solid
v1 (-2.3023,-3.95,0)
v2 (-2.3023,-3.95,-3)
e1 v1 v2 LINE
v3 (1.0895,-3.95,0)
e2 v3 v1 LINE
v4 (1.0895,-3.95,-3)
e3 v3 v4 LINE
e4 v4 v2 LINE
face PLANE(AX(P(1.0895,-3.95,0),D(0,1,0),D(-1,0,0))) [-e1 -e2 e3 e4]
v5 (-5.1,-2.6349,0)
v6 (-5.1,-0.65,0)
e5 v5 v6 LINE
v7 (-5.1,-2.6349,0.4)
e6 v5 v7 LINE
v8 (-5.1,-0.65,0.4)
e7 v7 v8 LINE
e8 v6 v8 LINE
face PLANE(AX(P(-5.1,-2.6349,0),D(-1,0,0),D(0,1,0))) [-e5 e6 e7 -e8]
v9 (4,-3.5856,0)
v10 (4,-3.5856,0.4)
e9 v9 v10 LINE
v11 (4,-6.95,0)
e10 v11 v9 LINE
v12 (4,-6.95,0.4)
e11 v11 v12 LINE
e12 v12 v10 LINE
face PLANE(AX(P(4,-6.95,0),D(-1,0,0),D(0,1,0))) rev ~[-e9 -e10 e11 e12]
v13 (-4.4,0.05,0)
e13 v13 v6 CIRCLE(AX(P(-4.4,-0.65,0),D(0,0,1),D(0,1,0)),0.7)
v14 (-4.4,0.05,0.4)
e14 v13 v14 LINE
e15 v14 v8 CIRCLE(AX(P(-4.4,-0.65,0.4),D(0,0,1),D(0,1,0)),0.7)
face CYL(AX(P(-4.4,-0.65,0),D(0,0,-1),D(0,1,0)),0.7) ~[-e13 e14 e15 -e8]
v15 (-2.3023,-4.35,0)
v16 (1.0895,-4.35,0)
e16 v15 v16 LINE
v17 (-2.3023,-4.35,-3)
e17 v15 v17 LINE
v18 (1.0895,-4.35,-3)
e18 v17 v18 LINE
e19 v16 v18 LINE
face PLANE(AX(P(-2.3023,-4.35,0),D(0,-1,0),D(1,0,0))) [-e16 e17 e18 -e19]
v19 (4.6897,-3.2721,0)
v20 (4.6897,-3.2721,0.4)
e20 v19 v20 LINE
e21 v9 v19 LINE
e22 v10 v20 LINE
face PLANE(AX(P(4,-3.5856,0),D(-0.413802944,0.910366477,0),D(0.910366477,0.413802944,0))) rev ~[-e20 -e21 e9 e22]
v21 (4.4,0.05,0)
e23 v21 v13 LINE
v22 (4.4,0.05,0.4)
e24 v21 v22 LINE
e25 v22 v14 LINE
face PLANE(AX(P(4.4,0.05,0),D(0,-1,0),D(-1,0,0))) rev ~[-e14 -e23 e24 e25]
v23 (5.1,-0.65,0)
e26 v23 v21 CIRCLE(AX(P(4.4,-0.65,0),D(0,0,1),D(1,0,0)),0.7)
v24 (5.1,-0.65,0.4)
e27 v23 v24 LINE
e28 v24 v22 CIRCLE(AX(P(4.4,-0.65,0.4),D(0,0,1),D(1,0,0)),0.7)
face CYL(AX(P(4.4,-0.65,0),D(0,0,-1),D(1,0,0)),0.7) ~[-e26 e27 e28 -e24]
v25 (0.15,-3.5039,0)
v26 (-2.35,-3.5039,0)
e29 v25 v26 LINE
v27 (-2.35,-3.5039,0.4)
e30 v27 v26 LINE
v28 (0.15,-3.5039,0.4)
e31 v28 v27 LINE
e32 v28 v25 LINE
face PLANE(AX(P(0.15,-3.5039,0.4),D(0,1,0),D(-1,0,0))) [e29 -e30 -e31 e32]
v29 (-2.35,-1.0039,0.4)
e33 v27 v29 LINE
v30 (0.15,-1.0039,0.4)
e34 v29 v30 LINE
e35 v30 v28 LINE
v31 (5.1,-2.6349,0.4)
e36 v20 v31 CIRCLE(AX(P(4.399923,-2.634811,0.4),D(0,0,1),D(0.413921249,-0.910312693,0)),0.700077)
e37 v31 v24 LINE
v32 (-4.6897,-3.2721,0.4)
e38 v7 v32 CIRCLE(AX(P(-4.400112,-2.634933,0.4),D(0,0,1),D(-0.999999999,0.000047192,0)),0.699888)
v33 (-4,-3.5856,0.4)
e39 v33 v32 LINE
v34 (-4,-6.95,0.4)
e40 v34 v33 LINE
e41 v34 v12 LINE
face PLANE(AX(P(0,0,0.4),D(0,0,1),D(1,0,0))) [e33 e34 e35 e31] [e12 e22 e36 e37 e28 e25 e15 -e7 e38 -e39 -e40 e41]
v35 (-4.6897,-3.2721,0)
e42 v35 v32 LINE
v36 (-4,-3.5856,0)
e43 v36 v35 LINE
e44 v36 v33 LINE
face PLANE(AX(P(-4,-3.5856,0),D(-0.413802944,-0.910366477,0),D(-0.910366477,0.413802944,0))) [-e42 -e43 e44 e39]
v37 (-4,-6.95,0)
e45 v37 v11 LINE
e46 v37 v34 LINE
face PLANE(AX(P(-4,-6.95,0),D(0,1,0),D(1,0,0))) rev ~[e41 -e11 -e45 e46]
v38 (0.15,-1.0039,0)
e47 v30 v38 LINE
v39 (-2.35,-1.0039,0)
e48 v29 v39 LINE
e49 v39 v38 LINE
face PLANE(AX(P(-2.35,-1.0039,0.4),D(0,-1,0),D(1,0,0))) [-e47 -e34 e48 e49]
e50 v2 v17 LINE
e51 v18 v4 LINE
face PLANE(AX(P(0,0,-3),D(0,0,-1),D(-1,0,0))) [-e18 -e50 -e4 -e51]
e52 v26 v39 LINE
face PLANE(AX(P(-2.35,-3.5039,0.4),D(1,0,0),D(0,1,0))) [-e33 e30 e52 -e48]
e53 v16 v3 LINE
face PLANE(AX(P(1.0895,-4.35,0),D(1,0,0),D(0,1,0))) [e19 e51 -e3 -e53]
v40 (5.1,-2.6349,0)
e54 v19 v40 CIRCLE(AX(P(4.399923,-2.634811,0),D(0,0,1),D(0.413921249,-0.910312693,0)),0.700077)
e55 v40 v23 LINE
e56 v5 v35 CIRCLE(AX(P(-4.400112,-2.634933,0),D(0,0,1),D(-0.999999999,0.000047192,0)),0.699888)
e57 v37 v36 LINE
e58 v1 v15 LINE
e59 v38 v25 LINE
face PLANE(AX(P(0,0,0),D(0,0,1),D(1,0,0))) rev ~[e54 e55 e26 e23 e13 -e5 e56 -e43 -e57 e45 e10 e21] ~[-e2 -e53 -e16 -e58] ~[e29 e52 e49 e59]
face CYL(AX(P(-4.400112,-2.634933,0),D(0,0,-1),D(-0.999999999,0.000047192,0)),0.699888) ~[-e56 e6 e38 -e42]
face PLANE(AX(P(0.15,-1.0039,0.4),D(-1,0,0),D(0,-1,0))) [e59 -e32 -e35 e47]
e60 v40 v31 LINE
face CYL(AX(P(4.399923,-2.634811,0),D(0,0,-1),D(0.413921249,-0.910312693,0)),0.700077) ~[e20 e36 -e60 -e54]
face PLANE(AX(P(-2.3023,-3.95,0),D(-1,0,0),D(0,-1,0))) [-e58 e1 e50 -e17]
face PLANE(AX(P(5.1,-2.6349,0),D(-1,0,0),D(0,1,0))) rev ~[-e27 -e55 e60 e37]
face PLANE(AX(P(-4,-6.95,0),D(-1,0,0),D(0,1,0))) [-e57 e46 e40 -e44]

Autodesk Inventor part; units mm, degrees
ref_plane "YZ Plane" through (0, 0, 0) normal (1, 0, 0) x (0, 1, 0)
ref_plane "XZ Plane" through (0, 0, 0) normal (0, 1, 0) x (-1, 0, 0)
ref_plane "XY Plane" through (0, 0, 0) normal (0, 0, 1) x (1, 0, 0)
sketch "Sketch1" plane through (0, 0, 0) normal (0, 0, 1) x (1, 0, 0)
  arc A0 (-4.8, 0.55) -> (-5.6, -0.25) centre (-4.8, -0.25) ccw projected
  line L0 (-5.6, -2.6349) -> (-5.6, -0.25) projected
  arc A1 (-5.6, -2.6349) -> (-5.3449, -3.2206) centre (-4.8, -2.6349) ccw projected
  arc A2 (-5.1931, -3.4997) -> (-5.3449, -3.2206) centre (-5.6855, -3.5867) ccw projected
  line L1 (-5.1931, -3.4997) -> (-4.6759, -3.7348) projected
  line L2 (-4.5, -7.45) -> (-4.5, -4.0079) projected
  line L3 (4.5, -7.45) -> (-4.5, -7.45) projected
  line L4 (4.5, -3.9927) -> (4.5, -7.45) projected
  line L5 (4.7986, -3.679) -> (5.1931, -3.4997) projected
  arc A3 (5.3449, -3.2206) -> (5.1931, -3.4997) centre (5.6855, -3.5867) ccw projected
  arc A4 (5.3449, -3.2206) -> (5.6, -2.6349) centre (4.8, -2.6349) ccw projected
  line L6 (5.6, -2.6349) -> (5.6, -0.25) projected
  arc A5 (5.6, -0.25) -> (4.8, 0.55) centre (4.8, -0.25) ccw projected
  line L7 (-4.8, 0.55) -> (4.8, 0.55) projected
  line L8 (-4.1, -3.65) -> (-4.731, -3.3632) projected
  arc A6 (-5.2, -2.6349) -> (-4.731, -3.3632) centre (-4.4, -2.6349) ccw projected
  line L9 (-5.2, -2.6349) -> (-5.2, -0.65) projected
  arc A7 (-4.4, 0.15) -> (-5.2, -0.65) centre (-4.4, -0.65) ccw projected
  line L10 (-4.4, 0.15) -> (4.4, 0.15) projected
  arc A8 (5.2, -0.65) -> (4.4, 0.15) centre (4.4, -0.65) ccw projected
  line L11 (5.2, -2.6349) -> (5.2, -0.65) projected
  arc A9 (4.731, -3.3632) -> (5.2, -2.6349) centre (4.4, -2.6349) ccw projected
  line L12 (4.731, -3.3632) -> (4.1, -3.65) projected
  line L13 (4.1, -7.05) -> (4.1, -3.65) projected
  line L14 (-4.1, -7.05) -> (4.1, -7.05) projected
  line L15 (-4.1, -3.65) -> (-4.1, -7.05) projected
  line L16 (-4, -6.95) -> (4, -6.95)
  line L17 (4, -6.95) -> (4, -3.5856)
  arc A10 (5.1, -0.65) -> (4.4, 0.05) centre (4.4, -0.65) ccw
  line L18 (5.1, -2.6349) -> (5.1, -0.65)
  line L19 (4.4, 0.05) -> (-4.4, 0.05)
  line L20 (4, -3.5856) -> (4.6897, -3.2721)
  arc A11 (4.6897, -3.2721) -> (5.1, -2.6349) centre (4.4, -2.6349) ccw
  line L21 (-4, -6.95) -> (-4, -3.5856)
  line L22 (-4, -3.5856) -> (-4.6897, -3.2721)
  line L23 (-5.1, -2.6349) -> (-5.1, -0.65)
  arc A12 (-5.1, -2.6349) -> (-4.6897, -3.2721) centre (-4.4, -2.6349) ccw
  arc A13 (-4.4, 0.05) -> (-5.1, -0.65) centre (-4.4, -0.65) ccw
  arc A14 (4.7372, -3.6993) -> (4.7986, -3.679) centre (4.6744, -3.4059) ccw projected
  arc A15 (4.7372, -3.6993) -> (4.5, -3.9927) centre (4.8, -3.9927) ccw projected
  arc A16 (-4.5, -4.0079) -> (-4.6759, -3.7348) centre (-4.8, -4.0079) ccw projected
  point P0 (0, 0)
  dimension "d1" = 0.1
  dimension "d2" = 0.1
  dimension "d3" = 0.1
  dimension "d4" = 0.1
  dimension "d5" = 0.1
  dimension "d7" = 0.1
  dimension "d8" = 0.1
  dimension "d9" = 0.1
  dimension "d10" = 0.1
  dimension "d11" = 0.1
  dimension "d13" = 0.1
  dimension "d15" = 0.1
extrude "Extrusion1" add sketch "Sketch1" along normal blind 0.4 contours L21 L22 A12 L23 A13 L19 A10 L18 A11 L20 L17 L16
sketch "Sketch2" plane through (0, 0, 0.4) normal (0, 0, 1) x (1, 0, 0)
  line L0 (0.15, -3.5039) -> (-2.35, -3.5039)
  line L1 (-2.35, -3.5039) -> (-2.35, -1.0039)
  line L2 (-2.35, -1.0039) -> (0.15, -1.0039)
  line L3 (0.15, -1.0039) -> (0.15, -3.5039)
  line L4 (4.4, 0.05) -> (-4.4, 0.05) projected
  line L5 (-5.1, -0.65) -> (-5.1, -2.6349) projected
  line L6 (5.1, -2.6349) -> (5.1, -0.65) projected
  point P0 (0, 0)
  dimension "d18" = 1.0539
  dimension "d19" = 2.75
  dimension "d21" = 2.5
  dimension "d22" = 4.95
  dimension "d23" = 2.5
extrude "Extrusion2" cut sketch "Sketch2" against normal up to surface (0.4 mm away)
sketch "Sketch3" plane through (0, 0, 0) normal (0, 0, -1) x (-1, 0, 0)
  line L0 (-1.0895, -3.95) -> (2.3023, -3.95)
  line L1 (2.3023, -3.95) -> (2.3023, -4.35)
  line L2 (2.3023, -4.35) -> (-1.0895, -4.35)
  line L3 (-1.0895, -4.35) -> (-1.0895, -3.95)
  line L4 (-4.4, 0.05) -> (4.4, 0.05) projected
  point P0 (0, 0)
  dimension "d28" = 4
  dimension "d29" = 0.4
extrude "Extrusion3" add sketch "Sketch3" along normal blind 3
equation "\"d2\" = d1"
equation "\"d3\" = d1"
equation "\"d4\" = d2"
equation "\"d5\" = d1"
equation "\"d7\" = d4"
equation "\"d8\" = d2"
equation "\"d9\" = d1"
equation "\"d10\" = d9"
equation "\"d11\" = d10"
properties part number "top_closure"
